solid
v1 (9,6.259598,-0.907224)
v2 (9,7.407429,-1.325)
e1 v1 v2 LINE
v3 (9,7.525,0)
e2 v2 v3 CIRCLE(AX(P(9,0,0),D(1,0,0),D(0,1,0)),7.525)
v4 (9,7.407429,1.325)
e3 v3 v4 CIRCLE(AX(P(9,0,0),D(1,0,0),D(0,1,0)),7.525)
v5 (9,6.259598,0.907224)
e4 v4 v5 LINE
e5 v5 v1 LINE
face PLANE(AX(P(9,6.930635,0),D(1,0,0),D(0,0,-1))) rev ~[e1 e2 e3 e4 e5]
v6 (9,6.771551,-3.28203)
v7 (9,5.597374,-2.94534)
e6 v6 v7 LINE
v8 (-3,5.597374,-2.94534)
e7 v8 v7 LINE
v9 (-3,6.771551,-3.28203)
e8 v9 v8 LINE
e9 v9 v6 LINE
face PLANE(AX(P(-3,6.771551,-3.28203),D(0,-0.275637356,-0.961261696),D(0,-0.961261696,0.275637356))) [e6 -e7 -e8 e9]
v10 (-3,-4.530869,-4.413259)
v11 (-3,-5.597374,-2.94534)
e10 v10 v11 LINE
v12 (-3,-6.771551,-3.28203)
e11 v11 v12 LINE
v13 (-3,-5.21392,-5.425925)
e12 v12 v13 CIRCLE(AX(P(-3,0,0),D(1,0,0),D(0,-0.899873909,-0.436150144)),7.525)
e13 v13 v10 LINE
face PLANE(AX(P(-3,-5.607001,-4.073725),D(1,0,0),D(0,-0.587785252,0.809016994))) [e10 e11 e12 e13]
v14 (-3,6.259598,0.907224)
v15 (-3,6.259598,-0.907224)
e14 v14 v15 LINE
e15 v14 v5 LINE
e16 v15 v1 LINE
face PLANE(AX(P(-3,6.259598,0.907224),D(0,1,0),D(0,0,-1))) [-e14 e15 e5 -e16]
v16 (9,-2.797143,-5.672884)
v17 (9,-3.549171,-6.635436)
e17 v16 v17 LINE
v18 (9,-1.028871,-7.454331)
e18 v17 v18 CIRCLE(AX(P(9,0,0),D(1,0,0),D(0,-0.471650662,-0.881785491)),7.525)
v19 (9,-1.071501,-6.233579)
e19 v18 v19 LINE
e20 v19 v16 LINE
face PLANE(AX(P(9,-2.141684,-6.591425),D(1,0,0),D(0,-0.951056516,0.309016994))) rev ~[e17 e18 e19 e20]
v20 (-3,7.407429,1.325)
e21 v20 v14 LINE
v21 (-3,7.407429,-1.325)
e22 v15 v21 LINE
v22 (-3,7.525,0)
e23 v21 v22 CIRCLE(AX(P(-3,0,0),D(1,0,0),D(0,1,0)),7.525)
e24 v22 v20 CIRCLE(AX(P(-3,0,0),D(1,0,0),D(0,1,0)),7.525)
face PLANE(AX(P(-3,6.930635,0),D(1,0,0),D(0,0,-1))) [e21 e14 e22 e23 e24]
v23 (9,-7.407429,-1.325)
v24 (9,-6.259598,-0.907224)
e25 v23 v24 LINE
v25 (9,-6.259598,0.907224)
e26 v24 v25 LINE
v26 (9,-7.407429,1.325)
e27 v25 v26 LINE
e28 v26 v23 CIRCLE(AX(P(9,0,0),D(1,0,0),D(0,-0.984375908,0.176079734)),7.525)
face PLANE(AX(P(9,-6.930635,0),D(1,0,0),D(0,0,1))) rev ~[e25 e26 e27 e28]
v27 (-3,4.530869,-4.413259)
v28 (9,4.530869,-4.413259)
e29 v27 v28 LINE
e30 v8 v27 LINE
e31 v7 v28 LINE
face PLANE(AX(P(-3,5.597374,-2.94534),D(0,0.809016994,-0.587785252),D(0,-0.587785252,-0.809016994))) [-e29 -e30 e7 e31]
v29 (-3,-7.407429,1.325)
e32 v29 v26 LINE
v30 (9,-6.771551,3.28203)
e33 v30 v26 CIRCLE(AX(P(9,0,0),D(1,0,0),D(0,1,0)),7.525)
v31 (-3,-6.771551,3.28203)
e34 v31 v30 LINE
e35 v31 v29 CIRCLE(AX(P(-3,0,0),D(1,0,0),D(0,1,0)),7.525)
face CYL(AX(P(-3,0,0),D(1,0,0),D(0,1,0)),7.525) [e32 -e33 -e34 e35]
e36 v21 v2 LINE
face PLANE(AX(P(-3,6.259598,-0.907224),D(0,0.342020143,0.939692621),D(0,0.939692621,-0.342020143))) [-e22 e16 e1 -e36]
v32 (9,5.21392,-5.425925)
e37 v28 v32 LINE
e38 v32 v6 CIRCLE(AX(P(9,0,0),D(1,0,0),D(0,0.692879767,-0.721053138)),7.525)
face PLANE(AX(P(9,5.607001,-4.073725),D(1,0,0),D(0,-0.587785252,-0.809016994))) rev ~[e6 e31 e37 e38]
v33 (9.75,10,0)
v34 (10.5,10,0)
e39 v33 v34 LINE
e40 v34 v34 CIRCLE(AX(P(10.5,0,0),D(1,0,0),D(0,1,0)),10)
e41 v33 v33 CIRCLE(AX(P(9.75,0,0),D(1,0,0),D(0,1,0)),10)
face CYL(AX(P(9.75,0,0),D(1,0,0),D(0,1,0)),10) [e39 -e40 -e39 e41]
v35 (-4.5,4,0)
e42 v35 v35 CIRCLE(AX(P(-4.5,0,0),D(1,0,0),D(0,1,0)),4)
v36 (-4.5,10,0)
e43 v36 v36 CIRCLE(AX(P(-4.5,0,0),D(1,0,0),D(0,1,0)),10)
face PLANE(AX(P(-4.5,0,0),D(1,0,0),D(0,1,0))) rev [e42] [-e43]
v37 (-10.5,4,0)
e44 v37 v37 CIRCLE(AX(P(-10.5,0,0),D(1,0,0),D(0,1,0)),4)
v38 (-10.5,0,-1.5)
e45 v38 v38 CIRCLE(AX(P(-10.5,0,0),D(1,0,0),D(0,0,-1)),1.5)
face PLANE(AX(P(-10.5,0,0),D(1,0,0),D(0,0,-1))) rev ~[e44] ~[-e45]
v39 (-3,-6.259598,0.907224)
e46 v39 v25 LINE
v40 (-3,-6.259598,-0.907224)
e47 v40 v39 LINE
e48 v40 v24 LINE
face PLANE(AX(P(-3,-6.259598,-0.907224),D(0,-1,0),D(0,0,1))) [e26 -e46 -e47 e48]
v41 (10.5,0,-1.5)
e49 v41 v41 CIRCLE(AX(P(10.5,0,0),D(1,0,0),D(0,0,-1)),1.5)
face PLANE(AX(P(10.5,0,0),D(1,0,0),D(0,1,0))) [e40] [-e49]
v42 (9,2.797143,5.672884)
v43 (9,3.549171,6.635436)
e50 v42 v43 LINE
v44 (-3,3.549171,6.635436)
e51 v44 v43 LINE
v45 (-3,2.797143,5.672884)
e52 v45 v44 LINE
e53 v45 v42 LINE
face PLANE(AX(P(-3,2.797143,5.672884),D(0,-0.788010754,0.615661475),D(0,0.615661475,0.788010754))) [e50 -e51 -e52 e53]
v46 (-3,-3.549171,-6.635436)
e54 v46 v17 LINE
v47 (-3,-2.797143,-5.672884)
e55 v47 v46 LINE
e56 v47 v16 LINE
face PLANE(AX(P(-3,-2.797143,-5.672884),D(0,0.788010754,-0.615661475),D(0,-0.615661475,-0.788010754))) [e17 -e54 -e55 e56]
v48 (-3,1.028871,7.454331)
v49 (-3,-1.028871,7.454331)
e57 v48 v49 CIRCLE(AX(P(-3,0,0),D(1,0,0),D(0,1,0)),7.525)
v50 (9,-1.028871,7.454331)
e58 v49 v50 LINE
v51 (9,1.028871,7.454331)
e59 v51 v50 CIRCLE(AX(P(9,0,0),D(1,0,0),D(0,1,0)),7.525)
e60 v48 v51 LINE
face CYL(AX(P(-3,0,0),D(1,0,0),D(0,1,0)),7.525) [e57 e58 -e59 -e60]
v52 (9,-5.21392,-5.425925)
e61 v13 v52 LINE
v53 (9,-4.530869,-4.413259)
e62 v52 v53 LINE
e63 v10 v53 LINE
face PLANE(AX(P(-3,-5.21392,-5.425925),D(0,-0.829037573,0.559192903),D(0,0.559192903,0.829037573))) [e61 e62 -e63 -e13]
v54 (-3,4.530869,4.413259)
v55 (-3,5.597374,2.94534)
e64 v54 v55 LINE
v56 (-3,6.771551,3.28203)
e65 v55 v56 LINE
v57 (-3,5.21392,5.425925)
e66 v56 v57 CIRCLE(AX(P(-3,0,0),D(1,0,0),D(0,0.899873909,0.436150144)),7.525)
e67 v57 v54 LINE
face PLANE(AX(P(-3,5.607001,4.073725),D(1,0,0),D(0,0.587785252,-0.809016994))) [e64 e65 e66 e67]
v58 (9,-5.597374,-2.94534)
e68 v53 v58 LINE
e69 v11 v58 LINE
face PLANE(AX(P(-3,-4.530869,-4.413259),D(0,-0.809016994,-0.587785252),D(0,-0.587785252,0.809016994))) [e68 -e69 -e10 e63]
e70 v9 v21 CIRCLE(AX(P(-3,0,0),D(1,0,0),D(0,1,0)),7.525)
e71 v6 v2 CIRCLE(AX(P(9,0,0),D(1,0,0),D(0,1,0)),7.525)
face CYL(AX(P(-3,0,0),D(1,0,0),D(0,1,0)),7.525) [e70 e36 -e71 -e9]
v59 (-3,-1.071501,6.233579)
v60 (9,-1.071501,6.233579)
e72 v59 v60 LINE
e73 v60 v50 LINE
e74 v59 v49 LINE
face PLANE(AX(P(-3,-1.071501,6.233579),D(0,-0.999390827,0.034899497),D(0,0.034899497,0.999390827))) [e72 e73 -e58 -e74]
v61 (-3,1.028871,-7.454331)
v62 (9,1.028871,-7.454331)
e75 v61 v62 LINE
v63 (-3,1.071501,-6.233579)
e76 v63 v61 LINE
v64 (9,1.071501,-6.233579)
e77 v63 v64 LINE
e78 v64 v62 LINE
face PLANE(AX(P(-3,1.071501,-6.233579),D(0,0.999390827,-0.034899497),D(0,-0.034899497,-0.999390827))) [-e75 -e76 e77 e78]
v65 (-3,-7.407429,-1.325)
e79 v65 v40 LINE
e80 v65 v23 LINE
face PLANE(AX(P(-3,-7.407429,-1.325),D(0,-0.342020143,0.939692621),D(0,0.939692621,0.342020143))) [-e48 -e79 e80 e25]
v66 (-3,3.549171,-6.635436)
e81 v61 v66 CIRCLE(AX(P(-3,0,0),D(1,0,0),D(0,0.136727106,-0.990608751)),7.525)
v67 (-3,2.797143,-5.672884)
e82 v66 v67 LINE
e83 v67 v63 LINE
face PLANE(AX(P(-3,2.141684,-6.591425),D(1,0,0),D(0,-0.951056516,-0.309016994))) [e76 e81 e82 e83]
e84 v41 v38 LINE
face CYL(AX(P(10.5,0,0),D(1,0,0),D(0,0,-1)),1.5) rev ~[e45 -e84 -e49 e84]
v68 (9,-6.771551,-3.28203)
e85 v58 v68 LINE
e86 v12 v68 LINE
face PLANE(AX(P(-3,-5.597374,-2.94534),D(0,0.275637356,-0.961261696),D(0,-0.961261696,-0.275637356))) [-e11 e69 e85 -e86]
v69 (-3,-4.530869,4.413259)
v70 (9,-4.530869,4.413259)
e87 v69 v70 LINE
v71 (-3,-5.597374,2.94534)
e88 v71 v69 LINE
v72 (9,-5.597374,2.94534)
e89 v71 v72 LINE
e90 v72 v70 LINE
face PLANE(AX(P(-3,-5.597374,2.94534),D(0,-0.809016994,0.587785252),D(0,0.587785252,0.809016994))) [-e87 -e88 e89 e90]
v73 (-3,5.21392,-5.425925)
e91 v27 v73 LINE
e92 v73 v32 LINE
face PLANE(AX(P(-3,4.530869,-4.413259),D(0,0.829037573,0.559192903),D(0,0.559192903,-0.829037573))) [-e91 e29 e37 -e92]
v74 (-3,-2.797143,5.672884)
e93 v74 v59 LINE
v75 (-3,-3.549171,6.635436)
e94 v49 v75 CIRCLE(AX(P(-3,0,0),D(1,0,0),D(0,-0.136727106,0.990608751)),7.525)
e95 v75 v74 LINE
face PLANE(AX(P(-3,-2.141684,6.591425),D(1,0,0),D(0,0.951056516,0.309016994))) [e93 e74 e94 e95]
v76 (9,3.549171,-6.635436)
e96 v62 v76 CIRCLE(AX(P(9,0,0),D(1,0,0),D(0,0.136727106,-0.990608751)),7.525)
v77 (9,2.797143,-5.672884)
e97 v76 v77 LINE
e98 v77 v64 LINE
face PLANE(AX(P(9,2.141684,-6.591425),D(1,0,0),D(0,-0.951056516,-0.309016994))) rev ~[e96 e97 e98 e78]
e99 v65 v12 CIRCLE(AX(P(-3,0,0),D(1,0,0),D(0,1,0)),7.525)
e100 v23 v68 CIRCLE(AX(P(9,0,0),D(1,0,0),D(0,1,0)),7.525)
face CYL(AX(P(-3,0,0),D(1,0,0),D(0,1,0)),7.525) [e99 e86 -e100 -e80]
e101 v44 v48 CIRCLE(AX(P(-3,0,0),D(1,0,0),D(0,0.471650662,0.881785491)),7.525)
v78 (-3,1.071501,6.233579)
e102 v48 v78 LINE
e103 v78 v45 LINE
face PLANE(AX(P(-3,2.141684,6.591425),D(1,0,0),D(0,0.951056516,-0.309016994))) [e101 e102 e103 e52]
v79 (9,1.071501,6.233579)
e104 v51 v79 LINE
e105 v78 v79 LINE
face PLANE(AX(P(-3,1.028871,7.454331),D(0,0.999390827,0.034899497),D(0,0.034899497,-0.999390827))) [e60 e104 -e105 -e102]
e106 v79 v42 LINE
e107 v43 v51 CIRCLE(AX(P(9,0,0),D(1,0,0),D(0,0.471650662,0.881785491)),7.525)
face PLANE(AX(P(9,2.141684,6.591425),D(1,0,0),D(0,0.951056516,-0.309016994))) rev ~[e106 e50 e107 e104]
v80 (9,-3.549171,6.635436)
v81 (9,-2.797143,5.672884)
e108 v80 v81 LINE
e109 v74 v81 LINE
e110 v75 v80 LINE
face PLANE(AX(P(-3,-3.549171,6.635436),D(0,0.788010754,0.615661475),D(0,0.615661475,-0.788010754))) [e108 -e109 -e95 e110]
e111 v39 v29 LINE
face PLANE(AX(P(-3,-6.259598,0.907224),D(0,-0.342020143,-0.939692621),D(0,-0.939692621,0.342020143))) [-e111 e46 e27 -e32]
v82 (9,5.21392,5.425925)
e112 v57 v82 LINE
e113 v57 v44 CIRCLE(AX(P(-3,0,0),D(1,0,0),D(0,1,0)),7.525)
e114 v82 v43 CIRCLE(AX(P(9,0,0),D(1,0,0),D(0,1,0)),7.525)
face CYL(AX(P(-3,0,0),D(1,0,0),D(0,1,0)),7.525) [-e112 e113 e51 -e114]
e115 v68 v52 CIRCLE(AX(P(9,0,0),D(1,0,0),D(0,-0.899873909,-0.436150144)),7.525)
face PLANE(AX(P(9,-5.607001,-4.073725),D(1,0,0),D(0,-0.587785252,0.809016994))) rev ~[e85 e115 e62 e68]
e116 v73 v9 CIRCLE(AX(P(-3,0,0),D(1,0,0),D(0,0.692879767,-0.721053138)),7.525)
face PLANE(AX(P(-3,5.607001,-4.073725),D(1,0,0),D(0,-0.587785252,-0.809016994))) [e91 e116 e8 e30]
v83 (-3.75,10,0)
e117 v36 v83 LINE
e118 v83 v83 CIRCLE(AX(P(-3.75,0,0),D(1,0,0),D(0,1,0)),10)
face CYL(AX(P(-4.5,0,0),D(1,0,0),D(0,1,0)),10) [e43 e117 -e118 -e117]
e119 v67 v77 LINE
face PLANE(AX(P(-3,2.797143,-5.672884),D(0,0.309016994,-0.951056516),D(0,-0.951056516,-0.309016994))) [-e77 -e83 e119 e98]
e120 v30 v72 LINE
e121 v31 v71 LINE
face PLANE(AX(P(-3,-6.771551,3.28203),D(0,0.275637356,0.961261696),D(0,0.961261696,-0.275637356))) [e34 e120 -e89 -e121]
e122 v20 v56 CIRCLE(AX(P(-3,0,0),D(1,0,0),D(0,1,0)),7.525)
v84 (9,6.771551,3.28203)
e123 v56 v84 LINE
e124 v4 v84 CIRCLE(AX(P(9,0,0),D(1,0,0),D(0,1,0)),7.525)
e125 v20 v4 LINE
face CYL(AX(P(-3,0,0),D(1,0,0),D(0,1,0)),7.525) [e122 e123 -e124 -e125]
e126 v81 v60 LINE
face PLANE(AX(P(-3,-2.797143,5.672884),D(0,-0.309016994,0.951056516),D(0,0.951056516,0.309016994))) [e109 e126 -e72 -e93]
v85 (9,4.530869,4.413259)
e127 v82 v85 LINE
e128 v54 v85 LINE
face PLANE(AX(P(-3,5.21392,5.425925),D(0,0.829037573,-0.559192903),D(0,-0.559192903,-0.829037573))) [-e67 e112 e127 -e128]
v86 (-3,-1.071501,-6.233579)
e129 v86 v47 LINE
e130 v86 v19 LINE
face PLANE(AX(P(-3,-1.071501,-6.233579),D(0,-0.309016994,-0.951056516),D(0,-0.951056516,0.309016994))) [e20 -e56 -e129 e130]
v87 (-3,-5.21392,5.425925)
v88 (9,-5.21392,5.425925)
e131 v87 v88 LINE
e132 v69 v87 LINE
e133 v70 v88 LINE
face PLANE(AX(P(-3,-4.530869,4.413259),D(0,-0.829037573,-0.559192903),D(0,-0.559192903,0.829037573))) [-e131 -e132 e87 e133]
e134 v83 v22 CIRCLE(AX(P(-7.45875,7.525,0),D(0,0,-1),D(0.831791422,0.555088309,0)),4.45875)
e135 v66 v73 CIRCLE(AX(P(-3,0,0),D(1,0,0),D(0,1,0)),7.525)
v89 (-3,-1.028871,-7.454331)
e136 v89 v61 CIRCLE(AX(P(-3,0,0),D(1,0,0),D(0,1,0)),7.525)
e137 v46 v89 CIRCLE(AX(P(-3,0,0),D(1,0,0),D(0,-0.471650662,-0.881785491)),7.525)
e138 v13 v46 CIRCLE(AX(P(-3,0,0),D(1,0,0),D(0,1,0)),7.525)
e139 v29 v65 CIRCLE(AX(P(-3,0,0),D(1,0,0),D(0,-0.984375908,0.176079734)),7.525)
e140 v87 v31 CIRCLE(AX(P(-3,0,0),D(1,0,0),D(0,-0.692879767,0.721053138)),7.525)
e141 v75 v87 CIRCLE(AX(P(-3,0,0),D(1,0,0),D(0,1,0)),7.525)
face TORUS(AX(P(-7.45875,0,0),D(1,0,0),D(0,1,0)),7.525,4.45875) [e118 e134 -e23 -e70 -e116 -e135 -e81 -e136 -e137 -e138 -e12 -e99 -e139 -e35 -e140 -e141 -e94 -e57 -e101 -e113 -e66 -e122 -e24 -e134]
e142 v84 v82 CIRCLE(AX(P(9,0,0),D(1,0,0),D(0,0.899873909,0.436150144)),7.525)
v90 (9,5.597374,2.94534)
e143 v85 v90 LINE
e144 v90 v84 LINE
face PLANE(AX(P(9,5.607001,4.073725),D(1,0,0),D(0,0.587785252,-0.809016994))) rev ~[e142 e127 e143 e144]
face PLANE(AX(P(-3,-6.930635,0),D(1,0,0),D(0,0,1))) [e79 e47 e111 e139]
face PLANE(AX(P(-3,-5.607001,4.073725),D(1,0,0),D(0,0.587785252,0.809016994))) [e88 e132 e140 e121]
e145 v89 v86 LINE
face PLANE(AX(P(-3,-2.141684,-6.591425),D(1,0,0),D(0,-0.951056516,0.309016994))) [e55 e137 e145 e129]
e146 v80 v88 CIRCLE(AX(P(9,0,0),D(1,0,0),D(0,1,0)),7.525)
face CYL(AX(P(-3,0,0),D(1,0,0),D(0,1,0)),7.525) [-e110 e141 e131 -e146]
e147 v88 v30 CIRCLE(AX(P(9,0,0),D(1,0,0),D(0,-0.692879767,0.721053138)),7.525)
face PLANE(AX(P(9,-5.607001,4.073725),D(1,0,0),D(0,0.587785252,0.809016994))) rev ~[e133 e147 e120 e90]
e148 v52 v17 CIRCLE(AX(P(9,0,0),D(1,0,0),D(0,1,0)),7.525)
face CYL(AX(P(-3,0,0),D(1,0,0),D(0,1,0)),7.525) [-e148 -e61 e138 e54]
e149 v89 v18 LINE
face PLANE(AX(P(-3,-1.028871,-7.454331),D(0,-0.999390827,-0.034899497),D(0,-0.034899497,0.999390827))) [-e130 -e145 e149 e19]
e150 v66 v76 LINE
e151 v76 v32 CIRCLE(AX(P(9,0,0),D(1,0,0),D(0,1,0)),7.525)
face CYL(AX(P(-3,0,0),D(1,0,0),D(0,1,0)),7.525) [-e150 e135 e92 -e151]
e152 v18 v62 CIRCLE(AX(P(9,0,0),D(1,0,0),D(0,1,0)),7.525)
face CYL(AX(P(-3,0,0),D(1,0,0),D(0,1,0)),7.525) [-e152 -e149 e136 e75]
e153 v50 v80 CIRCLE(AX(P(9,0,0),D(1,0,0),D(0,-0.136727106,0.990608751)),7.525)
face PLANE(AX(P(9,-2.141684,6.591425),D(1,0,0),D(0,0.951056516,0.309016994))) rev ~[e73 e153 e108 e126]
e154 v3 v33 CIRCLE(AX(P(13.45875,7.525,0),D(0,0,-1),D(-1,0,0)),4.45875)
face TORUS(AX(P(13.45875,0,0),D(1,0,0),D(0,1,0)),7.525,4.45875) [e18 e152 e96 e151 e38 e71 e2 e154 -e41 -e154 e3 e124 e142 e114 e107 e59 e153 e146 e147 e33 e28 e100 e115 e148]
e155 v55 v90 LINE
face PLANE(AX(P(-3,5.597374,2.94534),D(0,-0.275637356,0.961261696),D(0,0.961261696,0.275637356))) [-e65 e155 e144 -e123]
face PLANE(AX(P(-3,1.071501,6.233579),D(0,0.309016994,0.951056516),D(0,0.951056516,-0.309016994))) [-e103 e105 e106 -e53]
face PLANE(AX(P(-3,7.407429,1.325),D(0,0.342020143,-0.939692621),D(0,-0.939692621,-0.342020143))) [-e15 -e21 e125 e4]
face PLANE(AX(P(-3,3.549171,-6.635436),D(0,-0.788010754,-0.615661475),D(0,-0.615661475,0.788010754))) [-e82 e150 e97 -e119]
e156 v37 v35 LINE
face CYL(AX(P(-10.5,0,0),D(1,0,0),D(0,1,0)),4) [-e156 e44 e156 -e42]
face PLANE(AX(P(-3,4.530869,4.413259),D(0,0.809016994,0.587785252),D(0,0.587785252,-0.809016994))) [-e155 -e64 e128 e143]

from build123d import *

# Parameters (mm, degrees)
CUT_EXTRUDE1_START  = -3
CUT_EXTRUDE1_DEPTH  = 12
CIRPATTERN1_COUNT   = 10
BOSS_EXTRUDE1_START = 10.5
SKETCH7_R           = 2.383452373
SKETCH7_R_2         = 1.5
BOSS_EXTRUDE1_DEPTH = 21


with BuildPart() as part:
    # Sketch6 → Revolve1 (revolve)
    with BuildSketch(Plane.XY):
        with BuildLine():
            Line((9.75, 10), (10.5, 10))
            Line((10.5, 10), (10.5, 2))
            Line((10.5, 2), (-10.5, 2))
            Line((-10.5, 2), (-10.5, 4))
            Line((-10.5, 4), (-4.5, 4))
            Line((-4.5, 4), (-4.5, 10))
            Line((-4.5, 10), (-3.75, 10))
            ThreePointArc((-3.75, 10), (-3.191617437, 8.818070474), (-3, 7.525))
            Line((-3, 7.525), (9, 7.525))
            ThreePointArc((9, 7.525), (9.191617437, 8.818070474), (9.75, 10))
        make_face()
    revolve(axis=Axis((-10.5, 0, 0), (1, 0, 0)))

    # Sketch3 → Cut-Extrude1 (cut)
    with BuildSketch(Plane(origin=(0, 0, 0), x_dir=(0, 0, -1), z_dir=(1, 0, 0)).offset(CUT_EXTRUDE1_START)):
        with BuildLine():
            Line((-1.325, 7.407428704), (-0.907223869, 6.259598218))
            Line((-0.907223869, 6.259598218), (0.907223869, 6.259598218))
            Line((0.907223869, 6.259598218), (1.325, 7.407428704))
            ThreePointArc((1.325, 7.407428704), (0, 7.525), (-1.325, 7.407428704))
        make_face()
    cut_extrude1 = extrude(amount=CUT_EXTRUDE1_DEPTH, mode=Mode.SUBTRACT)

    # CirPattern1: Cut-Extrude1 ×10 about axis
    cirpattern1_axis = Axis((0, 0, 0), (1, 0, 0))
    for i in range(1, CIRPATTERN1_COUNT):
        add(cut_extrude1.rotate(cirpattern1_axis, i * 360 / CIRPATTERN1_COUNT), mode=Mode.SUBTRACT)

    # Sketch7 → Boss-Extrude1 (add)
    with BuildSketch(Plane(origin=(0, 0, 0), x_dir=(0, 0, -1), z_dir=(1, 0, 0)).offset(BOSS_EXTRUDE1_START)):
        Circle(SKETCH7_R)
        Circle(SKETCH7_R_2, mode=Mode.SUBTRACT)
    extrude(amount=-BOSS_EXTRUDE1_DEPTH)


solid = part.part
